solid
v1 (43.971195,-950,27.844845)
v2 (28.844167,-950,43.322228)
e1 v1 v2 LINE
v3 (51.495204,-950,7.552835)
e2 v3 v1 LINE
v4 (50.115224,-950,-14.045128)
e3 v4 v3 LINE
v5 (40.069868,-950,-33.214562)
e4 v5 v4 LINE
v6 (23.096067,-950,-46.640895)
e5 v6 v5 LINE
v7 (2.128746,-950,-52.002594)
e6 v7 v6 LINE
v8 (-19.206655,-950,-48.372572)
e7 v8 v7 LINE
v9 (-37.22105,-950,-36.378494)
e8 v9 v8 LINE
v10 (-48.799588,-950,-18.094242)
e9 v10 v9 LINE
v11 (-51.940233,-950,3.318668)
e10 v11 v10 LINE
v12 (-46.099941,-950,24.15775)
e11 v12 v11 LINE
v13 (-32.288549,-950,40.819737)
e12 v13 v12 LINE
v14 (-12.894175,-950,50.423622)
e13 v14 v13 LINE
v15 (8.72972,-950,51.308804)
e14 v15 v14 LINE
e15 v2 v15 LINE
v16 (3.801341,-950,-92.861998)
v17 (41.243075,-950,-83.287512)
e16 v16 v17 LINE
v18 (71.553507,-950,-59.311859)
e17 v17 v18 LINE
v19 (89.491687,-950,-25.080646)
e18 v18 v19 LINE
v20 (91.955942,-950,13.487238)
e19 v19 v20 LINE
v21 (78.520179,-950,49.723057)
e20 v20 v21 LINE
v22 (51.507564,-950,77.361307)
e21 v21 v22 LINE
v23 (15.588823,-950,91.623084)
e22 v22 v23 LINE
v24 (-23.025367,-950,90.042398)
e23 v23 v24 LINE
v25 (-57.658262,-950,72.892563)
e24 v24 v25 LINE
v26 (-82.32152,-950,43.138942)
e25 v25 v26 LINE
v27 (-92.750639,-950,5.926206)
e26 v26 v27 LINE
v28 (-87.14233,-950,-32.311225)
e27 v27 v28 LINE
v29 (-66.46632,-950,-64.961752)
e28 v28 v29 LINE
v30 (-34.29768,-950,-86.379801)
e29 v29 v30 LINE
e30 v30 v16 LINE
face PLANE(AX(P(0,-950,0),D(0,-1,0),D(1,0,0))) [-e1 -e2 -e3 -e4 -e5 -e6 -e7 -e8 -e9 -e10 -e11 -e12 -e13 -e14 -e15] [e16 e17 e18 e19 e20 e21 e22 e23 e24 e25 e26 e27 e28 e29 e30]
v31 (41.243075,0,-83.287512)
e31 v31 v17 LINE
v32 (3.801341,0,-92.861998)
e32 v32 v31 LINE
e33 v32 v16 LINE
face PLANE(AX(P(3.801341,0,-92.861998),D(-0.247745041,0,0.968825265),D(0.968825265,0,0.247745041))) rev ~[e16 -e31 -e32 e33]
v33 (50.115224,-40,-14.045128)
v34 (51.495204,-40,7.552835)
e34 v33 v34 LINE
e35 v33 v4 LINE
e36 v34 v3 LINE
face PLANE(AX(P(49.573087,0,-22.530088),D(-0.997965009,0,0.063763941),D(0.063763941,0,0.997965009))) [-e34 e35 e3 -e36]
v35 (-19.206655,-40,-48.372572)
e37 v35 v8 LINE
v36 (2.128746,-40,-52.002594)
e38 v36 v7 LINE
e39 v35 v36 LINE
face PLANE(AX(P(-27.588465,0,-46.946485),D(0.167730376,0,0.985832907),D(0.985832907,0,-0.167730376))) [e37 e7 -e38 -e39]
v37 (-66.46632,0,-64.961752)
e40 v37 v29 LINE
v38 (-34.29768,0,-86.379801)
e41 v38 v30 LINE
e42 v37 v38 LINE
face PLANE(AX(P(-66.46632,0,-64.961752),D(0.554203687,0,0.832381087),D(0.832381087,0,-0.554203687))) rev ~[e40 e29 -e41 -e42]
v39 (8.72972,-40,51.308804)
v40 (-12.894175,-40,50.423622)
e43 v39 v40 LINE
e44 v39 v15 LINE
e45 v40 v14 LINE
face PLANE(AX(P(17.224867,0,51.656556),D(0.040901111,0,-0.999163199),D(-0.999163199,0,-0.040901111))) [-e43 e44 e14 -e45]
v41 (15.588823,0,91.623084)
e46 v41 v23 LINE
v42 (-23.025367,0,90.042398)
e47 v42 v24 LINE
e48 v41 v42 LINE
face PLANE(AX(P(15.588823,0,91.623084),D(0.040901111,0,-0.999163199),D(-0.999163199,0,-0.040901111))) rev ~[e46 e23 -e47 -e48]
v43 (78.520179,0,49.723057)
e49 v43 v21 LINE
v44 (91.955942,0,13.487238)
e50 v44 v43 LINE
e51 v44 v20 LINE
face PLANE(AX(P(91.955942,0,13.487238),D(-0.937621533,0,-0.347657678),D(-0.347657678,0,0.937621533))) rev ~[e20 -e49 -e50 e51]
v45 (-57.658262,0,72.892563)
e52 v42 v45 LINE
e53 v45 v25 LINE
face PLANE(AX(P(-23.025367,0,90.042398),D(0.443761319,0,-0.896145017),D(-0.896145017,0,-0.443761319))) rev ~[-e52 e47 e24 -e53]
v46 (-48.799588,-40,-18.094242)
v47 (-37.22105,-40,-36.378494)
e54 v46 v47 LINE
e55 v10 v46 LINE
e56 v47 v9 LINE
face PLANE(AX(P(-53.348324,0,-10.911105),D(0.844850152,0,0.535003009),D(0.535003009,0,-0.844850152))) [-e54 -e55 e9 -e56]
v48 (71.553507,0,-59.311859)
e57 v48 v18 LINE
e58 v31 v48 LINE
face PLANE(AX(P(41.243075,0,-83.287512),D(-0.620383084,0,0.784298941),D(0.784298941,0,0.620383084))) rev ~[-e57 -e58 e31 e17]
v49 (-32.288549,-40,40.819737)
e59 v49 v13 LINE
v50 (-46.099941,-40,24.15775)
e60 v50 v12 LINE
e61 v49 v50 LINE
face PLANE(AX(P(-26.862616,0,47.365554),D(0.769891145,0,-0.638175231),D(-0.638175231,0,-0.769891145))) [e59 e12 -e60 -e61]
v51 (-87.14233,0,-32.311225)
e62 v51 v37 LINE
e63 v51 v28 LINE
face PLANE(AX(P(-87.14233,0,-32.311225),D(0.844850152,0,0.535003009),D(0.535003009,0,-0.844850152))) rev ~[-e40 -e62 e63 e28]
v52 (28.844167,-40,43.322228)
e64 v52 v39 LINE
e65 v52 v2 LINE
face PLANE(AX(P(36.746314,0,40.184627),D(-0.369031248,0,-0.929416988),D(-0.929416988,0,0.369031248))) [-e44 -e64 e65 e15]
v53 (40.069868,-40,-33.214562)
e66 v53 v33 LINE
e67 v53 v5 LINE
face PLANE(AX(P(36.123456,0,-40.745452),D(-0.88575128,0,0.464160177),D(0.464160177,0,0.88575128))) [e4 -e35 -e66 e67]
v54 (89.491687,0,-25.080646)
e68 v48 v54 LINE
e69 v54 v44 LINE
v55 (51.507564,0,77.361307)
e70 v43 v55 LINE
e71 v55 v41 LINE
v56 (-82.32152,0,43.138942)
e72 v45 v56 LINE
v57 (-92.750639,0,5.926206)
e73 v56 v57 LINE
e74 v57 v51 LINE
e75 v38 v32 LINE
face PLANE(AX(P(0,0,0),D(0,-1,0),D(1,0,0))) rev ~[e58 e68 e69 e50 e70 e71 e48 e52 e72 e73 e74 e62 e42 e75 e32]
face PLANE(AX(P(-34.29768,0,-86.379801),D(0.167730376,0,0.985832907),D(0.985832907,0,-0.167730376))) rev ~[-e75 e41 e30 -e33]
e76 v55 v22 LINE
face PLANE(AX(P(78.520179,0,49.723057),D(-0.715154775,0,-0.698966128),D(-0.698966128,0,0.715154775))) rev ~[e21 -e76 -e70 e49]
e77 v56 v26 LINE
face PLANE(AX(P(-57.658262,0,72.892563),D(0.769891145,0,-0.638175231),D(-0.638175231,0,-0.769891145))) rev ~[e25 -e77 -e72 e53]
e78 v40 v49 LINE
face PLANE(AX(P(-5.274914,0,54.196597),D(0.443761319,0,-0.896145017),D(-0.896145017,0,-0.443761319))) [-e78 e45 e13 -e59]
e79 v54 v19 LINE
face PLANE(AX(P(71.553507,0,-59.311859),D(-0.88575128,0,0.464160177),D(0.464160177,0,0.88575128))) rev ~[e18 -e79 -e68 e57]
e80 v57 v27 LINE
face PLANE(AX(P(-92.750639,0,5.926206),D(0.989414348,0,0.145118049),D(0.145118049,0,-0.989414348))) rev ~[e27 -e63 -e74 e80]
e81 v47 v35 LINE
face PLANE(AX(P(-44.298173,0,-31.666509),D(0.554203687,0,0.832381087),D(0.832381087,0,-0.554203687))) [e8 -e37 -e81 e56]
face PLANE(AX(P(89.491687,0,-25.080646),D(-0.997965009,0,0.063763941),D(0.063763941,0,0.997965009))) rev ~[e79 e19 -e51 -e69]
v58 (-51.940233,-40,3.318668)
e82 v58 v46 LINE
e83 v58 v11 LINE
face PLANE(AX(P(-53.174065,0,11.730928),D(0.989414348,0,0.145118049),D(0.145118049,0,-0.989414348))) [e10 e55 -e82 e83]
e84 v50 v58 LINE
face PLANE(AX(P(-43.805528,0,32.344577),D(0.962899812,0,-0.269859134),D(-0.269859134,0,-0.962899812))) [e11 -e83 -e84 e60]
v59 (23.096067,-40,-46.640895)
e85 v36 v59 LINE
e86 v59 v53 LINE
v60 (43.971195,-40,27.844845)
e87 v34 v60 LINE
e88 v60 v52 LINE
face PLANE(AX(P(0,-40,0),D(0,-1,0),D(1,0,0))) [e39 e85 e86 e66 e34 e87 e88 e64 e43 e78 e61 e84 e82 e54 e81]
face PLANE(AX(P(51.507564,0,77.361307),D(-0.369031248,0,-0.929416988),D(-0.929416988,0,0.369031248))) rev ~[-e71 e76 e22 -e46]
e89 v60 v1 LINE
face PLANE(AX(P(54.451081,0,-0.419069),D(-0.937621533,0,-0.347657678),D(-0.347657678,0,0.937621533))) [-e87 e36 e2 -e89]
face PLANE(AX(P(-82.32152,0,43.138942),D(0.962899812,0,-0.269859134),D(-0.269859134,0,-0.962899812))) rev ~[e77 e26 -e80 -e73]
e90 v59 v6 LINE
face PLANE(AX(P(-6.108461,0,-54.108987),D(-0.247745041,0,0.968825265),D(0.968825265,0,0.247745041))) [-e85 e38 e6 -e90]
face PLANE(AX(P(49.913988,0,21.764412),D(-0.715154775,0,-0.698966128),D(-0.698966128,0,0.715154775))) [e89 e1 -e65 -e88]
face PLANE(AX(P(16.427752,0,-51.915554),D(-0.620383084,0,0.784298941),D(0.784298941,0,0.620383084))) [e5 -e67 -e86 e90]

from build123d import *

# Parameters (mm, degrees)
F1_DEPTH = 950
F2_T     = -40


with BuildPart() as f1:
    # F0 (on Front) → F1 (new body)
    with BuildSketch(Plane.XZ):
        Polygon((-87.14233, -32.311225), (-66.46632, -64.961752), (-34.29768, -86.379801), (3.801341, -92.861998), (41.243075, -83.287512), (71.553507, -59.311859), (89.491687, -25.080646), (91.955942, 13.487238), (78.520179, 49.723057), (51.507564, 77.361307), (15.588823, 91.623084), (-23.025367, 90.042398), (-57.658262, 72.892563), (-82.32152, 43.138942), (-92.750639, 5.926206), align=None)
    extrude(amount=F1_DEPTH)

    # F2
    f2_openings = [f1.faces().sort_by_distance(p)[0] for p in [
        (0, -950, 0),
    ]]
    offset(amount=F2_T, openings=f2_openings)


solid = f1.part
